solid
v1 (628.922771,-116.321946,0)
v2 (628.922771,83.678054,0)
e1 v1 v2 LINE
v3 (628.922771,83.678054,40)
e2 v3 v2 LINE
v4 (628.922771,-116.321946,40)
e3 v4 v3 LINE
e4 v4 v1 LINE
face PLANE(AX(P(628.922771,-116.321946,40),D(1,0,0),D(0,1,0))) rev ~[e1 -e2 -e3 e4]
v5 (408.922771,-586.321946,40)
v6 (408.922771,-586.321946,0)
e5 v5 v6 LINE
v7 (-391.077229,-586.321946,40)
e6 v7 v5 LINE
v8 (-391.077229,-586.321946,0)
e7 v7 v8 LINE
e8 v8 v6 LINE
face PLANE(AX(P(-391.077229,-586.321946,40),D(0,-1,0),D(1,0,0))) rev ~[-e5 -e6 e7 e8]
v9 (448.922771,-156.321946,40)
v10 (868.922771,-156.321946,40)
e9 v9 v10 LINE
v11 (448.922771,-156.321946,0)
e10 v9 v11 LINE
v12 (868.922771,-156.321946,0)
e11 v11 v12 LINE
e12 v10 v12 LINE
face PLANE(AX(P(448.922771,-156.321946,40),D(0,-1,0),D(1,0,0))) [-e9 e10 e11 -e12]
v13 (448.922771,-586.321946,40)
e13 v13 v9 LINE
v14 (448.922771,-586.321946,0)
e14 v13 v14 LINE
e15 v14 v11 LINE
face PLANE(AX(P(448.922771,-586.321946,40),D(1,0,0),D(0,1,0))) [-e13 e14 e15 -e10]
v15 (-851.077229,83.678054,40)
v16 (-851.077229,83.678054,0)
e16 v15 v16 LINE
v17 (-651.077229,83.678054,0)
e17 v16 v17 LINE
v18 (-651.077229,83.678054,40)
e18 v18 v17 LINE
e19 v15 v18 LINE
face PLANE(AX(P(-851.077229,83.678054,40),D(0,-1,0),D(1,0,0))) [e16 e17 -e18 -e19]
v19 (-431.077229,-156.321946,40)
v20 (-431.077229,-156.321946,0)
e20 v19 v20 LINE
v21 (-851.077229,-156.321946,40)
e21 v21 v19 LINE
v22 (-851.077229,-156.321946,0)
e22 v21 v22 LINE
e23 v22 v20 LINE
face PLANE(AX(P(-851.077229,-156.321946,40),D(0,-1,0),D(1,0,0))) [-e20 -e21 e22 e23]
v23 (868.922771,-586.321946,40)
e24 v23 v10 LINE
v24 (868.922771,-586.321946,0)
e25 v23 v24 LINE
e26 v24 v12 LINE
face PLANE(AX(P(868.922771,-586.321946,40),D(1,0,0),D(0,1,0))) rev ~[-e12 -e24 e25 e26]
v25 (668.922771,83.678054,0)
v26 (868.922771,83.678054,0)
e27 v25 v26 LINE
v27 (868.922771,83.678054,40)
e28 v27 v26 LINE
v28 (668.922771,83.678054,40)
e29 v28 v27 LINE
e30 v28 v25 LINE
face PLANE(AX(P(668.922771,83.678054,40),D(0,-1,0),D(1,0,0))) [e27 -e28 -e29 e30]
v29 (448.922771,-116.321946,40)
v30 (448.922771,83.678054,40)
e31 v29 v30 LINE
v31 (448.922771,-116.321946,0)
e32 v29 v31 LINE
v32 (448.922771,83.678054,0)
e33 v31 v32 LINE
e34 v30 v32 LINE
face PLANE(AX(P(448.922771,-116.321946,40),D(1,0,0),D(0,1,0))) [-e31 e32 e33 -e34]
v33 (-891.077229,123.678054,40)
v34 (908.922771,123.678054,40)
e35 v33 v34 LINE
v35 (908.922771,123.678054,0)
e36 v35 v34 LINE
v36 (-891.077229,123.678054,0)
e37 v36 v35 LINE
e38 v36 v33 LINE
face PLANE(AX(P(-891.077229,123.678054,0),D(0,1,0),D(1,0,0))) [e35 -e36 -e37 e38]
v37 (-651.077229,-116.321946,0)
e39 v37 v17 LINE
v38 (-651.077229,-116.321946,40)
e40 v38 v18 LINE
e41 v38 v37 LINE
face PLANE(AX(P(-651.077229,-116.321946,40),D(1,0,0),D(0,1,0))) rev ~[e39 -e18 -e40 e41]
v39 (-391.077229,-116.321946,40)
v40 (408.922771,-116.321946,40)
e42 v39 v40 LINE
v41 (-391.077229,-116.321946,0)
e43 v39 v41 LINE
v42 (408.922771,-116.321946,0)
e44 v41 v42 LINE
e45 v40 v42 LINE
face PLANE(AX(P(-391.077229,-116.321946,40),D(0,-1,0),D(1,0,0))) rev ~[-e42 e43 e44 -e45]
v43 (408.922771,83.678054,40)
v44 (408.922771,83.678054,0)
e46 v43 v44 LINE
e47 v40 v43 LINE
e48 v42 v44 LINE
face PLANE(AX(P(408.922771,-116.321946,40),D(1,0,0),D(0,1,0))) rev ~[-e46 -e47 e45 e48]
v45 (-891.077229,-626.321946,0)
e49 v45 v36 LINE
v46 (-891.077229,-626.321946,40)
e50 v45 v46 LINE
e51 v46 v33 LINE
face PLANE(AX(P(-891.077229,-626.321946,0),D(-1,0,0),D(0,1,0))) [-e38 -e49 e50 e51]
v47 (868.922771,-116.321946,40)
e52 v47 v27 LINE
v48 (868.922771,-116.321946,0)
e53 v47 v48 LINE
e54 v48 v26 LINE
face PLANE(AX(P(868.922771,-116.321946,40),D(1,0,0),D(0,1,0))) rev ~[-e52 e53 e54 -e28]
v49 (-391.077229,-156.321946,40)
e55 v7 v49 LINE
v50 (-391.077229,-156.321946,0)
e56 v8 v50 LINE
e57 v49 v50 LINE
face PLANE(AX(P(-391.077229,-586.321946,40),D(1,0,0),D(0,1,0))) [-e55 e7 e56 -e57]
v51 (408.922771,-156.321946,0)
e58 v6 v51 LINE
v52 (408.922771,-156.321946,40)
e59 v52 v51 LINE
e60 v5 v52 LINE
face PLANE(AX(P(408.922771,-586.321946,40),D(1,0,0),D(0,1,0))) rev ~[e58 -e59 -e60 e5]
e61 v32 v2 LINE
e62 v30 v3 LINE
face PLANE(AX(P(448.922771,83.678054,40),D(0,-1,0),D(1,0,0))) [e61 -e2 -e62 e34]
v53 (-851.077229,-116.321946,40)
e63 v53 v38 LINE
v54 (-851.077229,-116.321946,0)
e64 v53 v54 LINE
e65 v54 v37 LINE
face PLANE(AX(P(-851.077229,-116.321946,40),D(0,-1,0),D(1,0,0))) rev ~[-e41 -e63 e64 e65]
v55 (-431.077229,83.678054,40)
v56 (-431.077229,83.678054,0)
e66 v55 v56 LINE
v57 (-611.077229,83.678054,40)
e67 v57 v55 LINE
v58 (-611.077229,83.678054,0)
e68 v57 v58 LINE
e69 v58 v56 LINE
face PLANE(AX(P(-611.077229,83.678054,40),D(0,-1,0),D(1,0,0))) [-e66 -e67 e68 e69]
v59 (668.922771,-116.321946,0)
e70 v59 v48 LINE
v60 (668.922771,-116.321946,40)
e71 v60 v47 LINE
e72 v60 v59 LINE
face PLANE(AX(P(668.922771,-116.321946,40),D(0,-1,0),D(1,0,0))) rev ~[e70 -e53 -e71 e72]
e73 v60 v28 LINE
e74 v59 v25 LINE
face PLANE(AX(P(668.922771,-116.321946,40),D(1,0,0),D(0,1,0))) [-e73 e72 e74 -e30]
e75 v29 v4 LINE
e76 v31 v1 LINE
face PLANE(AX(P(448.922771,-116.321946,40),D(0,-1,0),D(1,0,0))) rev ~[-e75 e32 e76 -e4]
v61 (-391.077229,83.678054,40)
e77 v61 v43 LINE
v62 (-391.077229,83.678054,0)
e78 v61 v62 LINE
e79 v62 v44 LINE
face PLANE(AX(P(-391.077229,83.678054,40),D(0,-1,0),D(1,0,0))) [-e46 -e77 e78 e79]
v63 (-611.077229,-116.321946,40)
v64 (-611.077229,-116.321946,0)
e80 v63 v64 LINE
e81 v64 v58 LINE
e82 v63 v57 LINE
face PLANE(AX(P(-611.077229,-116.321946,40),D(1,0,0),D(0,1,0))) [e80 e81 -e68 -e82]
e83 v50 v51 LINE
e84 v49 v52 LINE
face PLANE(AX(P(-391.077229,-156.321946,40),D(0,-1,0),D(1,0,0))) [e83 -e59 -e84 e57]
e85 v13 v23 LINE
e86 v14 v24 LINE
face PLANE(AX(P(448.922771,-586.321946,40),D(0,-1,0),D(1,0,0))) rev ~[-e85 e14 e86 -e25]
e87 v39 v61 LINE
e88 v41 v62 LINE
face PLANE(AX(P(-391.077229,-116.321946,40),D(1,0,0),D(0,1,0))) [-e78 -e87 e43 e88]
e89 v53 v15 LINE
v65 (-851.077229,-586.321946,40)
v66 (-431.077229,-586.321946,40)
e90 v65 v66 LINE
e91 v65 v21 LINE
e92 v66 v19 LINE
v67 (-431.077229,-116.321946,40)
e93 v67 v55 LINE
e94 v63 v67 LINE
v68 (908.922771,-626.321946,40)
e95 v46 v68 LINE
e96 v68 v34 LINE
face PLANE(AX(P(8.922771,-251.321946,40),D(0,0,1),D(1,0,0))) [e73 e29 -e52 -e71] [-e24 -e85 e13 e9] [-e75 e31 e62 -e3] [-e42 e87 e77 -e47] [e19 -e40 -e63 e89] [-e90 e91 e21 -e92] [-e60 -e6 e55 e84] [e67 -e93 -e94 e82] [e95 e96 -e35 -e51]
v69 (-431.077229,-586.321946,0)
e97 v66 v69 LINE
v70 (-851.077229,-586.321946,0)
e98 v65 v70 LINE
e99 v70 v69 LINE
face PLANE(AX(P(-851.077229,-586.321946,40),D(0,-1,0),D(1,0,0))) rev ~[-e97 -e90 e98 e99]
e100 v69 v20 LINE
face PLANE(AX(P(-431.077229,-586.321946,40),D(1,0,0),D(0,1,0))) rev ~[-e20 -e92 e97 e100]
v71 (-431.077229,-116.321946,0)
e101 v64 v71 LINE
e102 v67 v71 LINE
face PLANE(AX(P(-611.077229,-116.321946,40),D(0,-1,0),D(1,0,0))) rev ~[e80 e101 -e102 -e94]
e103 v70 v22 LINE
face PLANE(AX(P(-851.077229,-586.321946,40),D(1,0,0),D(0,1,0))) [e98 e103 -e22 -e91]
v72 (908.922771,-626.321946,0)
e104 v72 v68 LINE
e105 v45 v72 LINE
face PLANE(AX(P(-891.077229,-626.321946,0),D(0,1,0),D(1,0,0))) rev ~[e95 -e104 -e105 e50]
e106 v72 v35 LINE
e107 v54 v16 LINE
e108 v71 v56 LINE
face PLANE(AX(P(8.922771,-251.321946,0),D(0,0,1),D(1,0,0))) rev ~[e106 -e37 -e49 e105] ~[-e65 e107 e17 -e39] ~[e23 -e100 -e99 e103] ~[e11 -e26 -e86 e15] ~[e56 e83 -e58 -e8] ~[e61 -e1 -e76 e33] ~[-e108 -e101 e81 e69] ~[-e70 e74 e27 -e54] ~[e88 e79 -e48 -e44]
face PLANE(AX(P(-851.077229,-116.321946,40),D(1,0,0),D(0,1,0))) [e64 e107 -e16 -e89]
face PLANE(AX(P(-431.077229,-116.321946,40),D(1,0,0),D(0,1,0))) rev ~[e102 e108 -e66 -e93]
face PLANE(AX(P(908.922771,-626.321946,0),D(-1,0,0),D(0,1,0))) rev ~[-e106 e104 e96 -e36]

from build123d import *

# Parameters (mm, degrees)
F0_W     = 1800
F0_H     = 750
F1_DEPTH = 40
F2_W     = 420
F2_H     = 430
F2_W_2   = 800
F2_W_3   = 200
F2_H_2   = 200
F2_W_4   = 180
F3_DEPTH = 40


with BuildPart() as f1:
    # F0 (on Top) → F1 (new body)
    with BuildSketch(Plane.XY):
        with Locations((8.922771, -251.321946)):
            Rectangle(F0_W, F0_H)
    extrude(amount=F1_DEPTH)

    # F2 (on face) → F3 (cut)
    with BuildSketch(Plane.XY.offset(40)):
        with Locations((-641.077229, -371.321946)):
            Rectangle(F2_W, F2_H)
        with Locations((8.922771, -371.321946)):
            Rectangle(F2_W_2, F2_H)
        with Locations((-751.077229, -16.321946)):
            Rectangle(F2_W_3, F2_H_2)
        with Locations((768.922771, -16.321946)):
            Rectangle(F2_W_3, F2_H_2)
        with Locations((658.922771, -371.321946)):
            Rectangle(F2_W, F2_H)
        with Locations((-521.077229, -16.321946)):
            Rectangle(F2_W_4, F2_H_2)
        with Locations((538.922771, -16.321946)):
            Rectangle(F2_W_4, F2_H_2)
        with Locations((8.922771, -16.321946)):
            Rectangle(F2_W_2, F2_H_2)
    extrude(amount=-F3_DEPTH, mode=Mode.SUBTRACT)


solid = f1.part
